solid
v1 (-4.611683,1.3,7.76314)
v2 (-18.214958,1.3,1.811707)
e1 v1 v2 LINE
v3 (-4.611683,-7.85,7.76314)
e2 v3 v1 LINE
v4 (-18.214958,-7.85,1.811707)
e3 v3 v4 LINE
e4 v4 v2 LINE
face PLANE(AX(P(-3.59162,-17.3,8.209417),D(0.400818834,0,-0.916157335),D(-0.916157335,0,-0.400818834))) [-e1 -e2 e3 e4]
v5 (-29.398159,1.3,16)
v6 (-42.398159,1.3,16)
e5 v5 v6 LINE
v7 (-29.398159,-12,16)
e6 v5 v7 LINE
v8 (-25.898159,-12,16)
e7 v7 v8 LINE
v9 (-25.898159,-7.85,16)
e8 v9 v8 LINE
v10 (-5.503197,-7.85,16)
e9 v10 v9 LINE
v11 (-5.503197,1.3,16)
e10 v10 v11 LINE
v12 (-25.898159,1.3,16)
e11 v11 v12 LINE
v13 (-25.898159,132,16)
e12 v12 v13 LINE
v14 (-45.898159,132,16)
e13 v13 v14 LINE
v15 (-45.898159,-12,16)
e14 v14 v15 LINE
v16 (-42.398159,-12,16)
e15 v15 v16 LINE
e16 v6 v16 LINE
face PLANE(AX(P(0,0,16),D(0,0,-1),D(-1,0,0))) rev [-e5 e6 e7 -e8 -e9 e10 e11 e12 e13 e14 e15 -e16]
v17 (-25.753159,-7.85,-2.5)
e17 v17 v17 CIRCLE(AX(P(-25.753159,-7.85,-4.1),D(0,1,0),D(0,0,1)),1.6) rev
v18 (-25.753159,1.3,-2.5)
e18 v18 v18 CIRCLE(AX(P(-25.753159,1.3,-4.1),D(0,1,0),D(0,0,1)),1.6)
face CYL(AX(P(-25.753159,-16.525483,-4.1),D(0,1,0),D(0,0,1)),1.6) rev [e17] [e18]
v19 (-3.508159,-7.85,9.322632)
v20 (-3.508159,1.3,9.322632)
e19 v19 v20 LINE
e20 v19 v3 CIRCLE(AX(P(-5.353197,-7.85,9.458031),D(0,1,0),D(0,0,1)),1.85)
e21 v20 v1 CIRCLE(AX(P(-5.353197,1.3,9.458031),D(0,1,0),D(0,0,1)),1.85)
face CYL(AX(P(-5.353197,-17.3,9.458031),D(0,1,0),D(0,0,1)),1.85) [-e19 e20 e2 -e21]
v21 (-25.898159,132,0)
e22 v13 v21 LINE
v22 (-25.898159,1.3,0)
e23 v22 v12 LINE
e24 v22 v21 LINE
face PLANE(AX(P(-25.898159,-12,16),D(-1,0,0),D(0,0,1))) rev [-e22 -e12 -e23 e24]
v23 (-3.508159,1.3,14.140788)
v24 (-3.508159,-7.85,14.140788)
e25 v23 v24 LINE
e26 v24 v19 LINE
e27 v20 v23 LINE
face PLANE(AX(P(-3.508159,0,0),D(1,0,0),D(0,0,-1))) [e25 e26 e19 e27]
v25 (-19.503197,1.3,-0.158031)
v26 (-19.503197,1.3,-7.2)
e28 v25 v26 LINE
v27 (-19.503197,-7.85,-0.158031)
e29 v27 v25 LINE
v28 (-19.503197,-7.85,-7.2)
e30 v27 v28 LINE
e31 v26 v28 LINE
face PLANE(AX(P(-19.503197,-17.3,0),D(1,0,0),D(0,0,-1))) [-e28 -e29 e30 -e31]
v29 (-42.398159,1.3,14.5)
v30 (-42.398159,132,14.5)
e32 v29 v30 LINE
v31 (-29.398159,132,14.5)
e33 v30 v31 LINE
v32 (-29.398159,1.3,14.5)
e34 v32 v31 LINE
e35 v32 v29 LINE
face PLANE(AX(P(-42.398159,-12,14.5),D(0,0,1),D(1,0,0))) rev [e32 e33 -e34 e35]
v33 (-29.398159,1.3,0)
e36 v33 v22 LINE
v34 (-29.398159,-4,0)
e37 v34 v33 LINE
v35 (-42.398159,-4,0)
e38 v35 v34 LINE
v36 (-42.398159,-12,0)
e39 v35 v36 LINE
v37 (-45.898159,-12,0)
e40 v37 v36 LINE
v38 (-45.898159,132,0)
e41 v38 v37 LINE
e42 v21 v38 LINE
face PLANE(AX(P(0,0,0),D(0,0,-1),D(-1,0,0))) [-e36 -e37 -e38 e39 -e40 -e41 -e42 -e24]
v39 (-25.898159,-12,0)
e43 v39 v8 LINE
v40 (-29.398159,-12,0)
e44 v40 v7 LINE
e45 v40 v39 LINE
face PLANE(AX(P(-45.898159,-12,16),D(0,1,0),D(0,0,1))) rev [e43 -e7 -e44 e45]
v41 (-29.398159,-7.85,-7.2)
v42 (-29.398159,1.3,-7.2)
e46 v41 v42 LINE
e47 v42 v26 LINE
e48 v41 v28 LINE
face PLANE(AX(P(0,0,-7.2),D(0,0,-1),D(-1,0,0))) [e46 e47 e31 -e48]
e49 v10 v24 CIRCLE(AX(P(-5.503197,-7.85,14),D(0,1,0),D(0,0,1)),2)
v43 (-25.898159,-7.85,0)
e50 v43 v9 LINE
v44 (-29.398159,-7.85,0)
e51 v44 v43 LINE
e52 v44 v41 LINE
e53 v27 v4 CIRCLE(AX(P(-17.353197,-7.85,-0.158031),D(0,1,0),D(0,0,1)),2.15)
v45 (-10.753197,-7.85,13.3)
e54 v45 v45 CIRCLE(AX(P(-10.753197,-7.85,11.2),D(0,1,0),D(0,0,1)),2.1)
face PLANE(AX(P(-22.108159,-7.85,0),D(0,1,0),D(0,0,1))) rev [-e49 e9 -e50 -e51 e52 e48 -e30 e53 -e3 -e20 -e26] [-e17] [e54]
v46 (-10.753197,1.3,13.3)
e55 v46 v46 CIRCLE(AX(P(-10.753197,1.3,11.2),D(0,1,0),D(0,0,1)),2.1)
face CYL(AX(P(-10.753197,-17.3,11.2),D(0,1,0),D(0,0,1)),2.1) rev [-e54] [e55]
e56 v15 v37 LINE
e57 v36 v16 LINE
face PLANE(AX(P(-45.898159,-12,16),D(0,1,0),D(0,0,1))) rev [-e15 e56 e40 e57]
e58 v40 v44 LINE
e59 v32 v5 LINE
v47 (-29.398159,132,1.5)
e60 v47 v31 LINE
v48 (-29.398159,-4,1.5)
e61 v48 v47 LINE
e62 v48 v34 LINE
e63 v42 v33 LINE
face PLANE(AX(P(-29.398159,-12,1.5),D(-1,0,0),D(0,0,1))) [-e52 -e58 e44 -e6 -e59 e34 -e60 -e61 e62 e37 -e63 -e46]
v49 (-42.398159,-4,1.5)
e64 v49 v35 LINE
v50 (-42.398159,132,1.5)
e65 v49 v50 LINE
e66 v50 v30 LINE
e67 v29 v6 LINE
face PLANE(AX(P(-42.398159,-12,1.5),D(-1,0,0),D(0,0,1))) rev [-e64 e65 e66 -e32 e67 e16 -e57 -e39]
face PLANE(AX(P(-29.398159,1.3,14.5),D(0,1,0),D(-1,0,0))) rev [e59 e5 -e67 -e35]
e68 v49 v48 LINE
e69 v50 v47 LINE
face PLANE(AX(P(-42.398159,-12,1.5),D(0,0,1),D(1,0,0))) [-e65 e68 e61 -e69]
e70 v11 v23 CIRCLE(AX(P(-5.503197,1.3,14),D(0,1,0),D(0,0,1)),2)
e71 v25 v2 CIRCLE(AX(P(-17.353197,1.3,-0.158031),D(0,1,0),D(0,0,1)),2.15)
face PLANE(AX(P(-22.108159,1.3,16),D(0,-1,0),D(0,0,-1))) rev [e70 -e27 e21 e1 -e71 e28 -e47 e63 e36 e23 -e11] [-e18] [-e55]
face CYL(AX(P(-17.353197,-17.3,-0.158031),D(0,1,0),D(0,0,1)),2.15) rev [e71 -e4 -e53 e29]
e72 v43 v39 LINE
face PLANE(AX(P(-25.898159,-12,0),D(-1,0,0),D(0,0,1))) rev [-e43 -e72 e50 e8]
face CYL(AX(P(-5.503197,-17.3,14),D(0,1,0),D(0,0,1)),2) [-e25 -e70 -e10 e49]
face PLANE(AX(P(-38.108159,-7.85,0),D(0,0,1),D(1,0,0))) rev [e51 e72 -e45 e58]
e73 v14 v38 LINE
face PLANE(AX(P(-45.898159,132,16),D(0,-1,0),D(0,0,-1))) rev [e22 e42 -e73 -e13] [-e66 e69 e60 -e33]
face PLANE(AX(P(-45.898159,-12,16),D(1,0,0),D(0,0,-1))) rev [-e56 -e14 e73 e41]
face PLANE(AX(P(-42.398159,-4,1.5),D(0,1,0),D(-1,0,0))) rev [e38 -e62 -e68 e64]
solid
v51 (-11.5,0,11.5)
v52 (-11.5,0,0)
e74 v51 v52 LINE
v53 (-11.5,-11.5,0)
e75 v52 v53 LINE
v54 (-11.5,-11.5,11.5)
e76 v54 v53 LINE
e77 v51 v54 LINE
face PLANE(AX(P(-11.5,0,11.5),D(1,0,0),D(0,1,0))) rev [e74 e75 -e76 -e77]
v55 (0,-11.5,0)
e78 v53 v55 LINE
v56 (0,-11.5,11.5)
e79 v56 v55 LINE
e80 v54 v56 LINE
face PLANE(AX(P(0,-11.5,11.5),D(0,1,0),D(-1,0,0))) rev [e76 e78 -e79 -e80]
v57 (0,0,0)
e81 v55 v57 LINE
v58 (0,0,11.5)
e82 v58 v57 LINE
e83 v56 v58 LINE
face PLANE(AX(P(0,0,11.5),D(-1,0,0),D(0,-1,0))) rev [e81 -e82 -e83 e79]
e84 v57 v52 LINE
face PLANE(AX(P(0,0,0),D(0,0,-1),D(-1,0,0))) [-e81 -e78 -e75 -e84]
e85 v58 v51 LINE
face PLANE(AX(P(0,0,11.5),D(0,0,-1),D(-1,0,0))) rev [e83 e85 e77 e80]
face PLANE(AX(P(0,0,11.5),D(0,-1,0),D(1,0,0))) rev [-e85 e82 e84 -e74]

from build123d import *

# Parameters (mm, degrees)
SKETCH1_W           = 11.5
SKETCH1_H           = 11.5
BOSS_EXTRUDE1_DEPTH = 11.5
SKETCH2_W           = 20
SKETCH2_H           = 144
BOSS_EXTRUDE2_DEPTH = 16
SKETCH4_W           = 13
SKETCH4_H           = 13
CUT_EXTRUDE1_DEPTH  = 152.98237065
SKETCH5_W           = 13
SKETCH5_H           = 13.3
CUT_EXTRUDE2_DEPTH  = 1.5
SKETCH6_W           = 13
SKETCH6_H           = 8
CUT_EXTRUDE3_DEPTH  = 1.5
SKETCH10_W          = 16
SKETCH10_H          = 13.3
BOSS_EXTRUDE3_DEPTH = 3.79
SKETCH11_W          = 7.29
SKETCH11_H          = 13.3
BOSS_EXTRUDE4_DEPTH = 7.2
SKETCH12_R          = 1.6
CUT_EXTRUDE4_DEPTH  = 13.3
SKETCH13_W          = 3.79
SKETCH13_H          = 4.15
CUT_EXTRUDE6_DEPTH  = 16
SKETCH15_W          = 7.2
SKETCH15_H          = 4.15
CUT_EXTRUDE7_DEPTH  = 16
SKETCH17_W          = 16.6
SKETCH17_H          = 9.15
BOSS_EXTRUDE5_DEPTH = 18.6
CUT_EXTRUDE10_DEPTH = 18.6
SKETCH22_R          = 2.1
CUT_EXTRUDE11_DEPTH = 18.6
SKETCH24_W          = 2.604961471
SKETCH24_H          = 9.15
BOSS_EXTRUDE6_DEPTH = 6.6


with BuildPart() as part:
    # Sketch1 → Boss-Extrude1 (new body)
    with BuildSketch(Plane.XY):
        with Locations((-5.75, -5.75)):
            Rectangle(SKETCH1_W, SKETCH1_H)
    extrude(amount=BOSS_EXTRUDE1_DEPTH)


with BuildPart() as body_2:
    # Sketch2 → Boss-Extrude2 (new body)
    with BuildSketch(Plane.XY):
        with Locations((-35.898158877, 60)):
            Rectangle(SKETCH2_W, SKETCH2_H)
    extrude(amount=BOSS_EXTRUDE2_DEPTH)

    # Sketch4 → Cut-Extrude1 (cut, through all)
    with BuildSketch(Plane(origin=(0, 132, 0), x_dir=(1, 0, 0), z_dir=(0, 1, 0))):
        with Locations((-35.898158877, -8)):
            Rectangle(SKETCH4_W, SKETCH4_H)
    extrude(amount=-CUT_EXTRUDE1_DEPTH, mode=Mode.SUBTRACT)

    # Sketch5 → Cut-Extrude2 (cut)
    with BuildSketch(Plane.XY.offset(16)):
        with Locations((-35.898158877, -5.35)):
            Rectangle(SKETCH5_W, SKETCH5_H)
    extrude(amount=-CUT_EXTRUDE2_DEPTH, mode=Mode.SUBTRACT)

    # Sketch6 → Cut-Extrude3 (cut)
    with BuildSketch(Plane(origin=(0, 0, 0), x_dir=(-1, 0, 0), z_dir=(0, 0, -1))):
        with Locations((35.898158877, -8)):
            Rectangle(SKETCH6_W, SKETCH6_H)
    extrude(amount=-CUT_EXTRUDE3_DEPTH, mode=Mode.SUBTRACT)

    # Sketch10 → Boss-Extrude3 (add)
    with BuildSketch(Plane(origin=(-25.898158877, 0, 0), x_dir=(0, 0, -1), z_dir=(1, 0, 0))):
        with Locations((-8, -5.35)):
            Rectangle(SKETCH10_W, SKETCH10_H)
    extrude(amount=BOSS_EXTRUDE3_DEPTH)

    # Sketch11 → Boss-Extrude4 (add)
    with BuildSketch(Plane(origin=(0, 0, 0), x_dir=(-1, 0, 0), z_dir=(0, 0, -1))):
        with Locations((25.753158877, -5.35)):
            Rectangle(SKETCH11_W, SKETCH11_H)
    extrude(amount=BOSS_EXTRUDE4_DEPTH)

    # Sketch12 → Cut-Extrude4 (cut)
    with BuildSketch(Plane(origin=(0, 1.3, 0), x_dir=(1, 0, 0), z_dir=(0, 1, 0))):
        with Locations(Location((-25.753158877, 4.1, 0), (0, 0, 270))):
            Circle(SKETCH12_R)
    extrude(amount=-CUT_EXTRUDE4_DEPTH, mode=Mode.SUBTRACT)

    # Sketch13 → Cut-Extrude6 (cut)
    with BuildSketch(Plane.XY.offset(16)):
        with Locations((-24.003158877, -9.925)):
            Rectangle(SKETCH13_W, SKETCH13_H)
    extrude(amount=-CUT_EXTRUDE6_DEPTH, mode=Mode.SUBTRACT)

    # Sketch15 → Cut-Extrude7 (cut)
    with BuildSketch(Plane(origin=(-22.108158877, 0, 0), x_dir=(0, 0, -1), z_dir=(1, 0, 0))):
        with Locations((3.6, -9.925)):
            Rectangle(SKETCH15_W, SKETCH15_H)
    extrude(amount=-CUT_EXTRUDE7_DEPTH, mode=Mode.SUBTRACT)

    # Sketch17 → Boss-Extrude5 (add)
    with BuildSketch(Plane(origin=(-22.108158877, 0, 0), x_dir=(0, 0, -1), z_dir=(1, 0, 0))):
        with Locations((-7.7, -3.275)):
            Rectangle(SKETCH17_W, SKETCH17_H)
    extrude(amount=BOSS_EXTRUDE5_DEPTH)

    # Sketch18 → Cut-Extrude10 (cut)
    with BuildSketch(Plane(origin=(0, 1.3, 0), x_dir=(1, 0, 0), z_dir=(0, 1, 0))):
        with BuildLine():
            ThreePointArc((-4.611682563, -7.76314008), (-3.843042235, -8.389419264), (-3.508158877, -9.322632373))
            Line((-3.508158877, -9.322632373), (-3.508158877, 0.6))
            Line((-3.508158877, 0.6), (-19.503197406, 0.6))
            Line((-19.503197406, 0.6), (-19.503197406, 0.15803115))
            ThreePointArc((-19.503197406, 0.15803115), (-19.152542434, -1.018768523), (-18.214957899, -1.81170712))
            Line((-18.214957899, -1.81170712), (-4.611682563, -7.76314008))
        make_face()
        with BuildLine():
            ThreePointArc((-3.508158877, -14.140788033), (-4.139668174, -15.463143203), (-5.503197406, -16))
            Line((-5.503197406, -16), (-3.508158877, -16))
            Line((-3.508158877, -16), (-3.508158877, -14.140788033))
        make_face()
    extrude(amount=-CUT_EXTRUDE10_DEPTH, mode=Mode.SUBTRACT)

    # Sketch22 → Cut-Extrude11 (cut)
    with BuildSketch(Plane(origin=(0, 1.3, 0), x_dir=(1, 0, 0), z_dir=(0, 1, 0))):
        with Locations(Location((-10.753197406, -11.2, 0), (0, 0, 270))):
            Circle(SKETCH22_R)
    extrude(amount=-CUT_EXTRUDE11_DEPTH, mode=Mode.SUBTRACT)

    # Sketch24 → Boss-Extrude6 (add)
    with BuildSketch(Plane(origin=(0, 0, -0.6), x_dir=(-1, 0, 0), z_dir=(0, 0, -1))):
        with Locations((20.805678142, -3.275)):
            Rectangle(SKETCH24_W, SKETCH24_H)
    extrude(amount=BOSS_EXTRUDE6_DEPTH)


solid = Compound([part.part, body_2.part])
